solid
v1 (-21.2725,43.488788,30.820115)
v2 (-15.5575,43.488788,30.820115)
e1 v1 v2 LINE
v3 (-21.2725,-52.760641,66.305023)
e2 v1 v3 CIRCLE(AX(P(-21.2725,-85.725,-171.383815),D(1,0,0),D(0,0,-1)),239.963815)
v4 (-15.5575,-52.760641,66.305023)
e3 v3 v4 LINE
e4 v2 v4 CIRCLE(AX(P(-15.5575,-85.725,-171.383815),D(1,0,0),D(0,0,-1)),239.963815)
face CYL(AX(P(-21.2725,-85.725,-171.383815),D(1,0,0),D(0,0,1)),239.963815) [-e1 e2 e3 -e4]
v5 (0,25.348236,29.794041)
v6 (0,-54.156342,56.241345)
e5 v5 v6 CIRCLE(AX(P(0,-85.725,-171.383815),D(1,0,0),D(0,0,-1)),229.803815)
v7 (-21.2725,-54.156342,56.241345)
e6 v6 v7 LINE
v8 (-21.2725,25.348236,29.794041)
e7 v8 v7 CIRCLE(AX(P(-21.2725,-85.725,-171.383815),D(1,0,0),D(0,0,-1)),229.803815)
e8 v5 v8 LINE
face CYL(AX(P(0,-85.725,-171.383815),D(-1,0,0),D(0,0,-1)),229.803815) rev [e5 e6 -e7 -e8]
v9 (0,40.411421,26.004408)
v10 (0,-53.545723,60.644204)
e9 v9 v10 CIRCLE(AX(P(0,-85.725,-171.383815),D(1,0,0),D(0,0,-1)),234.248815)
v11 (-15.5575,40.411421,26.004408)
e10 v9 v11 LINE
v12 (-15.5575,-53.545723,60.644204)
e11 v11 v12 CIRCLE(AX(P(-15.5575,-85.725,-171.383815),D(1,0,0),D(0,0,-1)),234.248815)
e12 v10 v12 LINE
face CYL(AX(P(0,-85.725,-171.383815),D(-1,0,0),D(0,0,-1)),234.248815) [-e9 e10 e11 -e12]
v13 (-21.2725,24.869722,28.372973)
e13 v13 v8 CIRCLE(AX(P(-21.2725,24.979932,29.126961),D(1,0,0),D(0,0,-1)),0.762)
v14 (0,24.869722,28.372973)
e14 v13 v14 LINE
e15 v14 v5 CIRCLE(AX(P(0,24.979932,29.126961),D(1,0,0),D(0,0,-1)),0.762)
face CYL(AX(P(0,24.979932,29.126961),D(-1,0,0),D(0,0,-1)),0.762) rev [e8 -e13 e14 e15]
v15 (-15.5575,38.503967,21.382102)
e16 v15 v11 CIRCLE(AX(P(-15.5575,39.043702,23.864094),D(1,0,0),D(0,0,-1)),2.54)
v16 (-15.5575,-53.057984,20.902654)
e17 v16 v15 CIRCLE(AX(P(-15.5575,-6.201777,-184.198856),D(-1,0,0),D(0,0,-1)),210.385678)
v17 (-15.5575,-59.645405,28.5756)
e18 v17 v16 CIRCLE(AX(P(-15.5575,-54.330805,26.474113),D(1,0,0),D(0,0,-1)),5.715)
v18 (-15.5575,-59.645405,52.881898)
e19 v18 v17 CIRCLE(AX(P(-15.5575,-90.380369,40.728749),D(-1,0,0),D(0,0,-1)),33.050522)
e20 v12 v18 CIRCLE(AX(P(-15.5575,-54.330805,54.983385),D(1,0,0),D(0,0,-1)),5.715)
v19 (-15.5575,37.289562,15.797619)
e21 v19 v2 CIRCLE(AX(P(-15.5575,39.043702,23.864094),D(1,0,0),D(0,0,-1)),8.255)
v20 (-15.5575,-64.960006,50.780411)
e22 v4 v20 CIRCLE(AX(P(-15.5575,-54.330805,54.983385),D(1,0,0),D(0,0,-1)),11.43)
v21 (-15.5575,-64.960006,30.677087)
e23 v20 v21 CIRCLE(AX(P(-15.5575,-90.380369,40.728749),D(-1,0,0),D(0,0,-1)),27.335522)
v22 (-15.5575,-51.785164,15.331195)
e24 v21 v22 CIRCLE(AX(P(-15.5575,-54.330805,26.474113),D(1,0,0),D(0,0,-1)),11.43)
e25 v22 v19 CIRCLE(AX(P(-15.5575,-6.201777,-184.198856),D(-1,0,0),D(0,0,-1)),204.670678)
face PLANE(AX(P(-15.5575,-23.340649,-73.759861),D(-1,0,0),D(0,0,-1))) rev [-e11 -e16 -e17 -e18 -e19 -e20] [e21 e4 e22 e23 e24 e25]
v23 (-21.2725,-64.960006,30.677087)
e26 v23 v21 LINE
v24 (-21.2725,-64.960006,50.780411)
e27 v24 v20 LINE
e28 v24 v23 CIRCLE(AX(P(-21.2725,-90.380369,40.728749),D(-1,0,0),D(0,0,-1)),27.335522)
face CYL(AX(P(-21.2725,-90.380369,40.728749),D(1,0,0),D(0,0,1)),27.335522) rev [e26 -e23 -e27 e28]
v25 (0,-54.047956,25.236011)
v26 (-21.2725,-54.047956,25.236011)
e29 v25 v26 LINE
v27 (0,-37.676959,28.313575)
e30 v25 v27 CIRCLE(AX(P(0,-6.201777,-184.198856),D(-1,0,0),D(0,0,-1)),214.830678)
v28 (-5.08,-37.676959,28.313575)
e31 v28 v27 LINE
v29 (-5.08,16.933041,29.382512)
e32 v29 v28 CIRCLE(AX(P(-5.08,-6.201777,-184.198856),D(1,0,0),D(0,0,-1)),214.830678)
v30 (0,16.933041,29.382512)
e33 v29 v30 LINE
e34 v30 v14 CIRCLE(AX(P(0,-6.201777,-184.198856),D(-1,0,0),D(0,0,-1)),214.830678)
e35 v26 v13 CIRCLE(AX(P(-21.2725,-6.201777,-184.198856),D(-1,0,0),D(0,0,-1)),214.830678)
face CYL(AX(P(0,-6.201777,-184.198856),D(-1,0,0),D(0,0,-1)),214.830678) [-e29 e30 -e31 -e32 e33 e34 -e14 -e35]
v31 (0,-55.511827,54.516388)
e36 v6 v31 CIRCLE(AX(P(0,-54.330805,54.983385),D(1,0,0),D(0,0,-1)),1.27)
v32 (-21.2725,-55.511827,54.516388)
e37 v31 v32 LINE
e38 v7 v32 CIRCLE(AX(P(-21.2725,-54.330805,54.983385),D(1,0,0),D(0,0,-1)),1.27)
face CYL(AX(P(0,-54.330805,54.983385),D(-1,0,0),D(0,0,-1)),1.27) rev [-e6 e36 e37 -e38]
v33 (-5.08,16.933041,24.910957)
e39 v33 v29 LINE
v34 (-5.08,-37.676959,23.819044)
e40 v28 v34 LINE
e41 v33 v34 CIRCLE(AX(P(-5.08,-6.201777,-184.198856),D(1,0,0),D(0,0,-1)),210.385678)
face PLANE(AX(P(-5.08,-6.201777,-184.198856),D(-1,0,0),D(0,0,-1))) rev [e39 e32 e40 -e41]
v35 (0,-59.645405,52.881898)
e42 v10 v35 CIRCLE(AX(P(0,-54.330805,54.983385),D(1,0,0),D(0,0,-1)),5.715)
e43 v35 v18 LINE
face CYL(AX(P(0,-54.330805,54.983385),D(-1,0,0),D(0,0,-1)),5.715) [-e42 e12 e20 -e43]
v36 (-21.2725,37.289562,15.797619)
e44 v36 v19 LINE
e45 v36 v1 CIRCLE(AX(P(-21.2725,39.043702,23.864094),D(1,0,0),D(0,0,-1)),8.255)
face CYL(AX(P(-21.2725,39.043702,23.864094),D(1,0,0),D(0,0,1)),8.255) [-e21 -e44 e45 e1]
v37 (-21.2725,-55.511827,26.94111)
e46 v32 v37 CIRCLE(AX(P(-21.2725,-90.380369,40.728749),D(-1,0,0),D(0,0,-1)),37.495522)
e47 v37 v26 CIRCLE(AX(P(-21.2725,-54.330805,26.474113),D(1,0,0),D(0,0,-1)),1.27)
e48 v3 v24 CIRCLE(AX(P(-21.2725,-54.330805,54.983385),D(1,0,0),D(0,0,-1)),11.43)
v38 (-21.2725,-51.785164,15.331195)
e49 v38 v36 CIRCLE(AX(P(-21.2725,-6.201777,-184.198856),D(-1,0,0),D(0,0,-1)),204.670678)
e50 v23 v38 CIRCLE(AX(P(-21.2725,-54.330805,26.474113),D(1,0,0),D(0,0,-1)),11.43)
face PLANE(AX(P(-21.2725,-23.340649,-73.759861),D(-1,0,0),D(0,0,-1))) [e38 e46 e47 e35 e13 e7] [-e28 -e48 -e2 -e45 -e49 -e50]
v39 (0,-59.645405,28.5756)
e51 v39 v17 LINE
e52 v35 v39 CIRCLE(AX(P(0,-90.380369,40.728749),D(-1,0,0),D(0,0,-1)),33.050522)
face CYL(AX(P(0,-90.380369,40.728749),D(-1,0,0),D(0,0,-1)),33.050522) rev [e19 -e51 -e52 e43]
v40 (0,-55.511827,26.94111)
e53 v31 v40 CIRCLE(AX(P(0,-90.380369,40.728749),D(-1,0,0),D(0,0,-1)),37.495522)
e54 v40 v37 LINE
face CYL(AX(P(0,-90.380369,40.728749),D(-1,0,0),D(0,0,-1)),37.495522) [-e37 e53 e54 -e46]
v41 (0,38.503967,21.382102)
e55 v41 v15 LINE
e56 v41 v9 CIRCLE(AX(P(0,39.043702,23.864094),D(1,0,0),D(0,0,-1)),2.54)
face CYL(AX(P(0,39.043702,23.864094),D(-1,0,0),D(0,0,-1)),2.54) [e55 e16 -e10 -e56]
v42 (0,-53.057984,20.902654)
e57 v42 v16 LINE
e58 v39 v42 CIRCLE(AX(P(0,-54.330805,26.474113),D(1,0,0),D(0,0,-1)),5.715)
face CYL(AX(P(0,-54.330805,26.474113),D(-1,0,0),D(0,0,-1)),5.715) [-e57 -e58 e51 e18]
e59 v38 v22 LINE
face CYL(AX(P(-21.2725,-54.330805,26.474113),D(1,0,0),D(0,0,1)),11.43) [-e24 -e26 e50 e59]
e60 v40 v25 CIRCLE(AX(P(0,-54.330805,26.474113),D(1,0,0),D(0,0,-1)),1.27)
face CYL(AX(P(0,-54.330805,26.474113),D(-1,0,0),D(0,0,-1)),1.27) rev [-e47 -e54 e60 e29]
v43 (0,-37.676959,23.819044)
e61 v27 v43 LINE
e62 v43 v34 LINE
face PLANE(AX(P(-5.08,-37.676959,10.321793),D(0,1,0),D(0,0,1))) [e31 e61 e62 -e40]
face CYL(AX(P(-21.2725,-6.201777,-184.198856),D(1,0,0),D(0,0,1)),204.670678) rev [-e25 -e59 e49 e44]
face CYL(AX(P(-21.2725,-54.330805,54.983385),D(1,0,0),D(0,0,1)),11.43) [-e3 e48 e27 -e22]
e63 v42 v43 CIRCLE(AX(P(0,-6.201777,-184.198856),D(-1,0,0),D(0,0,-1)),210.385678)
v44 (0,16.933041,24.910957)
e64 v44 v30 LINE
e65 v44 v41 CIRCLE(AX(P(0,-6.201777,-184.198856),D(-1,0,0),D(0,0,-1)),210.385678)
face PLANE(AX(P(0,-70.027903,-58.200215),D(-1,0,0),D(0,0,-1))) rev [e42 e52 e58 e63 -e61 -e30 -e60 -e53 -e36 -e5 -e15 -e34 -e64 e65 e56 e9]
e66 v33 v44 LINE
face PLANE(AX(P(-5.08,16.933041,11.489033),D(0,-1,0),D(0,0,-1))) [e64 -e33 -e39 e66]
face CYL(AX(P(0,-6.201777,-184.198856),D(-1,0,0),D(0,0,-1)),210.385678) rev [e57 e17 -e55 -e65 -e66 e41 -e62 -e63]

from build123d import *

# Parameters (mm, degrees)
BOSS_EXTRUDE1_DEPTH = 76.2
SKETCH2_W           = 6.985
SKETCH2_H           = 9.525
CUT_EXTRUDE1_DEPTH  = 119.84173867
CUT_EXTRUDE2_DEPTH  = 119.84173867
CUT_EXTRUDE3_DEPTH  = 119.84173867
CUT_EXTRUDE4_DEPTH  = 5.08
CUT_EXTRUDE6_DEPTH  = 36.83
FILLET2_R           = 0.762
BOSS_EXTRUDE2_DEPTH = 15.5575
FILLET3_R           = 0.762
BOSS_EXTRUDE3_DEPTH = 5.715
CUT_EXTRUDE7_START  = 5.08
CUT_EXTRUDE7_DEPTH  = 5.08


with BuildPart() as part:
    # Sketch1 → Boss-Extrude1 (new body)
    with BuildSketch(Plane.XY):
        Polygon((-15.5575, 76.2), (15.5575, 76.2), (15.5575, -76.2), (7.845485509, -76.2), (9.525, -85.725), (-9.525, -85.725), (-7.845485509, -76.2), (-15.5575, -76.2), align=None)
    extrude(amount=BOSS_EXTRUDE1_DEPTH)

    # Sketch2 → Cut-Extrude1 (cut, through all)
    with BuildSketch(Plane(origin=(15.5575, 0, 0), x_dir=(0, 0, -1), z_dir=(1, 0, 0))):
        with Locations((-3.4925, -80.9625)):
            Rectangle(SKETCH2_W, SKETCH2_H)
    extrude(amount=-CUT_EXTRUDE1_DEPTH, mode=Mode.SUBTRACT)

    # Sketch3 → Cut-Extrude2 (cut, through all)
    with BuildSketch(Plane(origin=(15.5575, 0, 0), x_dir=(0, 0, -1), z_dir=(1, 0, 0))):
        with BuildLine():
            Line((-76.2, -85.725), (-76.2, -76.2))
            Line((-76.2, -76.2), (-76.2, 76.2))
            Line((-76.2, 76.2), (-15.907508532, 76.2))
            ThreePointArc((-15.907508532, 76.2), (-60.637785123, 0.667838465), (-76.2, -85.725))
        make_face()
        with BuildLine():
            Line((0, -76.2), (0, 63.796446855))
            ThreePointArc((0, 63.796446855), (-12.85182234, -6.201776572), (0, -76.2))
        make_face()
    extrude(amount=-CUT_EXTRUDE2_DEPTH, mode=Mode.SUBTRACT)

    # Sketch6 → Cut-Extrude3 (cut, through all)
    with BuildSketch(Plane(origin=(15.5575, 0, 0), x_dir=(0, 0, -1), z_dir=(1, 0, 0))):
        with BuildLine():
            ThreePointArc((-26.004408293, 40.411420838), (-22.895186728, 41.391641282), (-21.382101704, 38.503966686))
            ThreePointArc((-21.382101704, 38.503966686), (-26.183938112, -7.303408092), (-20.902654077, -53.057984431))
            ThreePointArc((-20.902654077, -53.057984431), (-22.751384732, -58.666992363), (-28.575599954, -59.645405394))
            ThreePointArc((-28.575599954, -59.645405394), (-40.728748793, -57.329846812), (-52.881897632, -59.645405394))
            ThreePointArc((-52.881897632, -59.645405394), (-58.514495406, -58.82440967), (-60.644203683, -53.545722871))
            ThreePointArc((-60.644203683, -53.545722871), (-48.403726567, -4.694487773), (-26.004408293, 40.411420838))
        make_face()
    extrude(amount=-CUT_EXTRUDE3_DEPTH, mode=Mode.SUBTRACT)

    # Sketch7 → Cut-Extrude4 (cut, symmetric)
    with BuildSketch(Plane(origin=(0, 0, 0), x_dir=(0, 0, -1), z_dir=(1, 0, 0))):
        with BuildLine():
            Line((-24.910956945, 16.933040929), (-11.489033389, 16.933040929))
            ThreePointArc((-11.489033389, 16.933040929), (-12.80682615, -10.412600109), (-10.321792572, -37.676959071))
            Line((-10.321792572, -37.676959071), (-23.81904356, -37.676959071))
            ThreePointArc((-23.81904356, -37.676959071), (-26.144779891, -10.407545323), (-24.910956945, 16.933040929))
        make_face()
    extrude(amount=CUT_EXTRUDE4_DEPTH, both=True, mode=Mode.SUBTRACT)

    # Sketch10 → Cut-Extrude6 (cut, symmetric)
    with BuildSketch(Plane(origin=(15.5575, 76.2, 15.907508532), x_dir=(-1, 0, 0), z_dir=(0, -0.6148991463064188, -0.7886057569353888))):
        Polygon((0, 9.781513416), (8.255, 9.781513416), (0, -2.283486584), align=None)
        Polygon((31.115, 9.781513416), (31.115, -2.283486584), (22.86, 9.781513416), align=None)
    extrude(amount=CUT_EXTRUDE6_DEPTH, both=True, mode=Mode.SUBTRACT)

    # Fillet2
    fillet2_edges = [part.edges().sort_by_distance(p)[0] for p in [
        (0, 76.2, 15.907508532),
        (-14.77625063, 75.333628159, 16.653053168),
        (14.77625063, 75.333628159, 16.653053168),
        (-15.5575, 4.051612744, 59.349592349),
        (15.5575, 4.051612744, 59.349592349),
    ]]
    fillet(fillet2_edges, radius=FILLET2_R)


with BuildPart() as body_2:
    # Sketch11 → Boss-Extrude2 (new body)
    with BuildSketch(Plane(origin=(15.5575, 0, 0), x_dir=(0, 0, -1), z_dir=(1, 0, 0))):
        with BuildLine():
            ThreePointArc((-60.644203683, -53.545722871), (-58.514495406, -58.82440967), (-52.881897632, -59.645405394))
            ThreePointArc((-52.881897632, -59.645405394), (-40.728748793, -57.329846812), (-28.575599954, -59.645405394))
            ThreePointArc((-28.575599954, -59.645405394), (-22.751384732, -58.666992363), (-20.902654077, -53.057984431))
            ThreePointArc((-20.902654077, -53.057984431), (-26.183938112, -7.303408092), (-21.382101704, 38.503966686))
            ThreePointArc((-21.382101704, 38.503966686), (-22.895186728, 41.391641282), (-26.004408293, 40.411420838))
            ThreePointArc((-26.004408293, 40.411420838), (-48.403726567, -4.694487773), (-60.644203683, -53.545722871))
        make_face()
        with BuildLine():
            ThreePointArc((-56.241344514, -54.156342338), (-55.768076008, -55.329383849), (-54.516387613, -55.511827344))
            ThreePointArc((-54.516387613, -55.511827344), (-40.728748793, -52.884846812), (-26.941109972, -55.511827344))
            ThreePointArc((-26.941109972, -55.511827344), (-25.646839923, -55.294402226), (-25.236010888, -54.047956018))
            ThreePointArc((-25.236010888, -54.047956018), (-30.535382276, -12.638178349), (-27.725713329, 29.014658098))
            ThreePointArc((-27.725713329, 29.014658098), (-45.998284717, -11.194361196), (-56.241344514, -54.156342338))
        make_face(mode=Mode.SUBTRACT)
    extrude(amount=-BOSS_EXTRUDE2_DEPTH)

    # Fillet3
    fillet3_edges = [body_2.edges().sort_by_distance(p)[0] for p in [
        (7.77875, 29.014658098, 27.725713329),
    ]]
    fillet(fillet3_edges, radius=FILLET3_R)

    # Sketch13 → Cut-Extrude7 (cut)
    with BuildSketch(Plane(origin=(0, 0, 0), x_dir=(0, 0, -1), z_dir=(1, 0, 0)).offset(CUT_EXTRUDE7_START)):
        with BuildLine():
            Line((-11.489033389, 16.933040929), (-29.382511575, 16.933040929))
            ThreePointArc((-29.382511575, 16.933040929), (-30.590678841, -10.406069442), (-28.313574796, -37.676959071))
            Line((-28.313574796, -37.676959071), (-10.321792572, -37.676959071))
            ThreePointArc((-10.321792572, -37.676959071), (-12.80682615, -10.412600109), (-11.489033389, 16.933040929))
        make_face()
    extrude(amount=-CUT_EXTRUDE7_DEPTH, mode=Mode.SUBTRACT)


with BuildPart() as body_3:
    # Sketch12 → Boss-Extrude3 (new body)
    with BuildSketch(Plane(origin=(15.5575, 0, 0), x_dir=(0, 0, -1), z_dir=(1, 0, 0))):
        with BuildLine():
            ThreePointArc((-30.820115457, 43.488788141), (-53.765912925, -2.717575417), (-66.305022615, -52.760640699))
            ThreePointArc((-66.305022615, -52.760640699), (-62.045606061, -63.318014297), (-50.780410512, -64.960005745))
            ThreePointArc((-50.780410512, -64.960005745), (-40.728748793, -63.044846812), (-30.677087073, -64.960005745))
            ThreePointArc((-30.677087073, -64.960005745), (-19.028656629, -63.003179683), (-15.331195319, -51.785163819))
            ThreePointArc((-15.331195319, -51.785163819), (-20.469016461, -7.273482937), (-15.797619041, 37.289562147))
            ThreePointArc((-15.797619041, 37.289562147), (-20.715145369, 46.674504585), (-30.820115457, 43.488788141))
        make_face()
        with BuildLine():
            ThreePointArc((-56.241344514, -54.156342338), (-55.768076008, -55.329383849), (-54.516387613, -55.511827344))
            ThreePointArc((-54.516387613, -55.511827344), (-40.728748793, -52.884846812), (-26.941109972, -55.511827344))
            ThreePointArc((-26.941109972, -55.511827344), (-25.646839923, -55.294402226), (-25.236010888, -54.047956018))
            ThreePointArc((-25.236010888, -54.047956018), (-30.462301973, -14.734514328), (-28.372972672, 24.869721798))
            ThreePointArc((-28.372972672, 24.869721798), (-28.883789244, 25.702089435), (-29.794040566, 25.34823638))
            ThreePointArc((-29.794040566, 25.34823638), (-46.671799333, -13.18850949), (-56.241344514, -54.156342338))
        make_face(mode=Mode.SUBTRACT)
    extrude(amount=BOSS_EXTRUDE3_DEPTH)


with BuildPart() as body_2_1:
    add(body_2.part)

    # Combine1: union body 3
    add(body_3.part)


with BuildPart() as body_2_2:
    # Mirror1: mirrored copy
    add(body_2_1.part.mirror(Plane(origin=(0, -70.027902522, -58.200215313), x_dir=(0, 0, 1), z_dir=(1, 0, 0))))


solid = body_2_2.part
